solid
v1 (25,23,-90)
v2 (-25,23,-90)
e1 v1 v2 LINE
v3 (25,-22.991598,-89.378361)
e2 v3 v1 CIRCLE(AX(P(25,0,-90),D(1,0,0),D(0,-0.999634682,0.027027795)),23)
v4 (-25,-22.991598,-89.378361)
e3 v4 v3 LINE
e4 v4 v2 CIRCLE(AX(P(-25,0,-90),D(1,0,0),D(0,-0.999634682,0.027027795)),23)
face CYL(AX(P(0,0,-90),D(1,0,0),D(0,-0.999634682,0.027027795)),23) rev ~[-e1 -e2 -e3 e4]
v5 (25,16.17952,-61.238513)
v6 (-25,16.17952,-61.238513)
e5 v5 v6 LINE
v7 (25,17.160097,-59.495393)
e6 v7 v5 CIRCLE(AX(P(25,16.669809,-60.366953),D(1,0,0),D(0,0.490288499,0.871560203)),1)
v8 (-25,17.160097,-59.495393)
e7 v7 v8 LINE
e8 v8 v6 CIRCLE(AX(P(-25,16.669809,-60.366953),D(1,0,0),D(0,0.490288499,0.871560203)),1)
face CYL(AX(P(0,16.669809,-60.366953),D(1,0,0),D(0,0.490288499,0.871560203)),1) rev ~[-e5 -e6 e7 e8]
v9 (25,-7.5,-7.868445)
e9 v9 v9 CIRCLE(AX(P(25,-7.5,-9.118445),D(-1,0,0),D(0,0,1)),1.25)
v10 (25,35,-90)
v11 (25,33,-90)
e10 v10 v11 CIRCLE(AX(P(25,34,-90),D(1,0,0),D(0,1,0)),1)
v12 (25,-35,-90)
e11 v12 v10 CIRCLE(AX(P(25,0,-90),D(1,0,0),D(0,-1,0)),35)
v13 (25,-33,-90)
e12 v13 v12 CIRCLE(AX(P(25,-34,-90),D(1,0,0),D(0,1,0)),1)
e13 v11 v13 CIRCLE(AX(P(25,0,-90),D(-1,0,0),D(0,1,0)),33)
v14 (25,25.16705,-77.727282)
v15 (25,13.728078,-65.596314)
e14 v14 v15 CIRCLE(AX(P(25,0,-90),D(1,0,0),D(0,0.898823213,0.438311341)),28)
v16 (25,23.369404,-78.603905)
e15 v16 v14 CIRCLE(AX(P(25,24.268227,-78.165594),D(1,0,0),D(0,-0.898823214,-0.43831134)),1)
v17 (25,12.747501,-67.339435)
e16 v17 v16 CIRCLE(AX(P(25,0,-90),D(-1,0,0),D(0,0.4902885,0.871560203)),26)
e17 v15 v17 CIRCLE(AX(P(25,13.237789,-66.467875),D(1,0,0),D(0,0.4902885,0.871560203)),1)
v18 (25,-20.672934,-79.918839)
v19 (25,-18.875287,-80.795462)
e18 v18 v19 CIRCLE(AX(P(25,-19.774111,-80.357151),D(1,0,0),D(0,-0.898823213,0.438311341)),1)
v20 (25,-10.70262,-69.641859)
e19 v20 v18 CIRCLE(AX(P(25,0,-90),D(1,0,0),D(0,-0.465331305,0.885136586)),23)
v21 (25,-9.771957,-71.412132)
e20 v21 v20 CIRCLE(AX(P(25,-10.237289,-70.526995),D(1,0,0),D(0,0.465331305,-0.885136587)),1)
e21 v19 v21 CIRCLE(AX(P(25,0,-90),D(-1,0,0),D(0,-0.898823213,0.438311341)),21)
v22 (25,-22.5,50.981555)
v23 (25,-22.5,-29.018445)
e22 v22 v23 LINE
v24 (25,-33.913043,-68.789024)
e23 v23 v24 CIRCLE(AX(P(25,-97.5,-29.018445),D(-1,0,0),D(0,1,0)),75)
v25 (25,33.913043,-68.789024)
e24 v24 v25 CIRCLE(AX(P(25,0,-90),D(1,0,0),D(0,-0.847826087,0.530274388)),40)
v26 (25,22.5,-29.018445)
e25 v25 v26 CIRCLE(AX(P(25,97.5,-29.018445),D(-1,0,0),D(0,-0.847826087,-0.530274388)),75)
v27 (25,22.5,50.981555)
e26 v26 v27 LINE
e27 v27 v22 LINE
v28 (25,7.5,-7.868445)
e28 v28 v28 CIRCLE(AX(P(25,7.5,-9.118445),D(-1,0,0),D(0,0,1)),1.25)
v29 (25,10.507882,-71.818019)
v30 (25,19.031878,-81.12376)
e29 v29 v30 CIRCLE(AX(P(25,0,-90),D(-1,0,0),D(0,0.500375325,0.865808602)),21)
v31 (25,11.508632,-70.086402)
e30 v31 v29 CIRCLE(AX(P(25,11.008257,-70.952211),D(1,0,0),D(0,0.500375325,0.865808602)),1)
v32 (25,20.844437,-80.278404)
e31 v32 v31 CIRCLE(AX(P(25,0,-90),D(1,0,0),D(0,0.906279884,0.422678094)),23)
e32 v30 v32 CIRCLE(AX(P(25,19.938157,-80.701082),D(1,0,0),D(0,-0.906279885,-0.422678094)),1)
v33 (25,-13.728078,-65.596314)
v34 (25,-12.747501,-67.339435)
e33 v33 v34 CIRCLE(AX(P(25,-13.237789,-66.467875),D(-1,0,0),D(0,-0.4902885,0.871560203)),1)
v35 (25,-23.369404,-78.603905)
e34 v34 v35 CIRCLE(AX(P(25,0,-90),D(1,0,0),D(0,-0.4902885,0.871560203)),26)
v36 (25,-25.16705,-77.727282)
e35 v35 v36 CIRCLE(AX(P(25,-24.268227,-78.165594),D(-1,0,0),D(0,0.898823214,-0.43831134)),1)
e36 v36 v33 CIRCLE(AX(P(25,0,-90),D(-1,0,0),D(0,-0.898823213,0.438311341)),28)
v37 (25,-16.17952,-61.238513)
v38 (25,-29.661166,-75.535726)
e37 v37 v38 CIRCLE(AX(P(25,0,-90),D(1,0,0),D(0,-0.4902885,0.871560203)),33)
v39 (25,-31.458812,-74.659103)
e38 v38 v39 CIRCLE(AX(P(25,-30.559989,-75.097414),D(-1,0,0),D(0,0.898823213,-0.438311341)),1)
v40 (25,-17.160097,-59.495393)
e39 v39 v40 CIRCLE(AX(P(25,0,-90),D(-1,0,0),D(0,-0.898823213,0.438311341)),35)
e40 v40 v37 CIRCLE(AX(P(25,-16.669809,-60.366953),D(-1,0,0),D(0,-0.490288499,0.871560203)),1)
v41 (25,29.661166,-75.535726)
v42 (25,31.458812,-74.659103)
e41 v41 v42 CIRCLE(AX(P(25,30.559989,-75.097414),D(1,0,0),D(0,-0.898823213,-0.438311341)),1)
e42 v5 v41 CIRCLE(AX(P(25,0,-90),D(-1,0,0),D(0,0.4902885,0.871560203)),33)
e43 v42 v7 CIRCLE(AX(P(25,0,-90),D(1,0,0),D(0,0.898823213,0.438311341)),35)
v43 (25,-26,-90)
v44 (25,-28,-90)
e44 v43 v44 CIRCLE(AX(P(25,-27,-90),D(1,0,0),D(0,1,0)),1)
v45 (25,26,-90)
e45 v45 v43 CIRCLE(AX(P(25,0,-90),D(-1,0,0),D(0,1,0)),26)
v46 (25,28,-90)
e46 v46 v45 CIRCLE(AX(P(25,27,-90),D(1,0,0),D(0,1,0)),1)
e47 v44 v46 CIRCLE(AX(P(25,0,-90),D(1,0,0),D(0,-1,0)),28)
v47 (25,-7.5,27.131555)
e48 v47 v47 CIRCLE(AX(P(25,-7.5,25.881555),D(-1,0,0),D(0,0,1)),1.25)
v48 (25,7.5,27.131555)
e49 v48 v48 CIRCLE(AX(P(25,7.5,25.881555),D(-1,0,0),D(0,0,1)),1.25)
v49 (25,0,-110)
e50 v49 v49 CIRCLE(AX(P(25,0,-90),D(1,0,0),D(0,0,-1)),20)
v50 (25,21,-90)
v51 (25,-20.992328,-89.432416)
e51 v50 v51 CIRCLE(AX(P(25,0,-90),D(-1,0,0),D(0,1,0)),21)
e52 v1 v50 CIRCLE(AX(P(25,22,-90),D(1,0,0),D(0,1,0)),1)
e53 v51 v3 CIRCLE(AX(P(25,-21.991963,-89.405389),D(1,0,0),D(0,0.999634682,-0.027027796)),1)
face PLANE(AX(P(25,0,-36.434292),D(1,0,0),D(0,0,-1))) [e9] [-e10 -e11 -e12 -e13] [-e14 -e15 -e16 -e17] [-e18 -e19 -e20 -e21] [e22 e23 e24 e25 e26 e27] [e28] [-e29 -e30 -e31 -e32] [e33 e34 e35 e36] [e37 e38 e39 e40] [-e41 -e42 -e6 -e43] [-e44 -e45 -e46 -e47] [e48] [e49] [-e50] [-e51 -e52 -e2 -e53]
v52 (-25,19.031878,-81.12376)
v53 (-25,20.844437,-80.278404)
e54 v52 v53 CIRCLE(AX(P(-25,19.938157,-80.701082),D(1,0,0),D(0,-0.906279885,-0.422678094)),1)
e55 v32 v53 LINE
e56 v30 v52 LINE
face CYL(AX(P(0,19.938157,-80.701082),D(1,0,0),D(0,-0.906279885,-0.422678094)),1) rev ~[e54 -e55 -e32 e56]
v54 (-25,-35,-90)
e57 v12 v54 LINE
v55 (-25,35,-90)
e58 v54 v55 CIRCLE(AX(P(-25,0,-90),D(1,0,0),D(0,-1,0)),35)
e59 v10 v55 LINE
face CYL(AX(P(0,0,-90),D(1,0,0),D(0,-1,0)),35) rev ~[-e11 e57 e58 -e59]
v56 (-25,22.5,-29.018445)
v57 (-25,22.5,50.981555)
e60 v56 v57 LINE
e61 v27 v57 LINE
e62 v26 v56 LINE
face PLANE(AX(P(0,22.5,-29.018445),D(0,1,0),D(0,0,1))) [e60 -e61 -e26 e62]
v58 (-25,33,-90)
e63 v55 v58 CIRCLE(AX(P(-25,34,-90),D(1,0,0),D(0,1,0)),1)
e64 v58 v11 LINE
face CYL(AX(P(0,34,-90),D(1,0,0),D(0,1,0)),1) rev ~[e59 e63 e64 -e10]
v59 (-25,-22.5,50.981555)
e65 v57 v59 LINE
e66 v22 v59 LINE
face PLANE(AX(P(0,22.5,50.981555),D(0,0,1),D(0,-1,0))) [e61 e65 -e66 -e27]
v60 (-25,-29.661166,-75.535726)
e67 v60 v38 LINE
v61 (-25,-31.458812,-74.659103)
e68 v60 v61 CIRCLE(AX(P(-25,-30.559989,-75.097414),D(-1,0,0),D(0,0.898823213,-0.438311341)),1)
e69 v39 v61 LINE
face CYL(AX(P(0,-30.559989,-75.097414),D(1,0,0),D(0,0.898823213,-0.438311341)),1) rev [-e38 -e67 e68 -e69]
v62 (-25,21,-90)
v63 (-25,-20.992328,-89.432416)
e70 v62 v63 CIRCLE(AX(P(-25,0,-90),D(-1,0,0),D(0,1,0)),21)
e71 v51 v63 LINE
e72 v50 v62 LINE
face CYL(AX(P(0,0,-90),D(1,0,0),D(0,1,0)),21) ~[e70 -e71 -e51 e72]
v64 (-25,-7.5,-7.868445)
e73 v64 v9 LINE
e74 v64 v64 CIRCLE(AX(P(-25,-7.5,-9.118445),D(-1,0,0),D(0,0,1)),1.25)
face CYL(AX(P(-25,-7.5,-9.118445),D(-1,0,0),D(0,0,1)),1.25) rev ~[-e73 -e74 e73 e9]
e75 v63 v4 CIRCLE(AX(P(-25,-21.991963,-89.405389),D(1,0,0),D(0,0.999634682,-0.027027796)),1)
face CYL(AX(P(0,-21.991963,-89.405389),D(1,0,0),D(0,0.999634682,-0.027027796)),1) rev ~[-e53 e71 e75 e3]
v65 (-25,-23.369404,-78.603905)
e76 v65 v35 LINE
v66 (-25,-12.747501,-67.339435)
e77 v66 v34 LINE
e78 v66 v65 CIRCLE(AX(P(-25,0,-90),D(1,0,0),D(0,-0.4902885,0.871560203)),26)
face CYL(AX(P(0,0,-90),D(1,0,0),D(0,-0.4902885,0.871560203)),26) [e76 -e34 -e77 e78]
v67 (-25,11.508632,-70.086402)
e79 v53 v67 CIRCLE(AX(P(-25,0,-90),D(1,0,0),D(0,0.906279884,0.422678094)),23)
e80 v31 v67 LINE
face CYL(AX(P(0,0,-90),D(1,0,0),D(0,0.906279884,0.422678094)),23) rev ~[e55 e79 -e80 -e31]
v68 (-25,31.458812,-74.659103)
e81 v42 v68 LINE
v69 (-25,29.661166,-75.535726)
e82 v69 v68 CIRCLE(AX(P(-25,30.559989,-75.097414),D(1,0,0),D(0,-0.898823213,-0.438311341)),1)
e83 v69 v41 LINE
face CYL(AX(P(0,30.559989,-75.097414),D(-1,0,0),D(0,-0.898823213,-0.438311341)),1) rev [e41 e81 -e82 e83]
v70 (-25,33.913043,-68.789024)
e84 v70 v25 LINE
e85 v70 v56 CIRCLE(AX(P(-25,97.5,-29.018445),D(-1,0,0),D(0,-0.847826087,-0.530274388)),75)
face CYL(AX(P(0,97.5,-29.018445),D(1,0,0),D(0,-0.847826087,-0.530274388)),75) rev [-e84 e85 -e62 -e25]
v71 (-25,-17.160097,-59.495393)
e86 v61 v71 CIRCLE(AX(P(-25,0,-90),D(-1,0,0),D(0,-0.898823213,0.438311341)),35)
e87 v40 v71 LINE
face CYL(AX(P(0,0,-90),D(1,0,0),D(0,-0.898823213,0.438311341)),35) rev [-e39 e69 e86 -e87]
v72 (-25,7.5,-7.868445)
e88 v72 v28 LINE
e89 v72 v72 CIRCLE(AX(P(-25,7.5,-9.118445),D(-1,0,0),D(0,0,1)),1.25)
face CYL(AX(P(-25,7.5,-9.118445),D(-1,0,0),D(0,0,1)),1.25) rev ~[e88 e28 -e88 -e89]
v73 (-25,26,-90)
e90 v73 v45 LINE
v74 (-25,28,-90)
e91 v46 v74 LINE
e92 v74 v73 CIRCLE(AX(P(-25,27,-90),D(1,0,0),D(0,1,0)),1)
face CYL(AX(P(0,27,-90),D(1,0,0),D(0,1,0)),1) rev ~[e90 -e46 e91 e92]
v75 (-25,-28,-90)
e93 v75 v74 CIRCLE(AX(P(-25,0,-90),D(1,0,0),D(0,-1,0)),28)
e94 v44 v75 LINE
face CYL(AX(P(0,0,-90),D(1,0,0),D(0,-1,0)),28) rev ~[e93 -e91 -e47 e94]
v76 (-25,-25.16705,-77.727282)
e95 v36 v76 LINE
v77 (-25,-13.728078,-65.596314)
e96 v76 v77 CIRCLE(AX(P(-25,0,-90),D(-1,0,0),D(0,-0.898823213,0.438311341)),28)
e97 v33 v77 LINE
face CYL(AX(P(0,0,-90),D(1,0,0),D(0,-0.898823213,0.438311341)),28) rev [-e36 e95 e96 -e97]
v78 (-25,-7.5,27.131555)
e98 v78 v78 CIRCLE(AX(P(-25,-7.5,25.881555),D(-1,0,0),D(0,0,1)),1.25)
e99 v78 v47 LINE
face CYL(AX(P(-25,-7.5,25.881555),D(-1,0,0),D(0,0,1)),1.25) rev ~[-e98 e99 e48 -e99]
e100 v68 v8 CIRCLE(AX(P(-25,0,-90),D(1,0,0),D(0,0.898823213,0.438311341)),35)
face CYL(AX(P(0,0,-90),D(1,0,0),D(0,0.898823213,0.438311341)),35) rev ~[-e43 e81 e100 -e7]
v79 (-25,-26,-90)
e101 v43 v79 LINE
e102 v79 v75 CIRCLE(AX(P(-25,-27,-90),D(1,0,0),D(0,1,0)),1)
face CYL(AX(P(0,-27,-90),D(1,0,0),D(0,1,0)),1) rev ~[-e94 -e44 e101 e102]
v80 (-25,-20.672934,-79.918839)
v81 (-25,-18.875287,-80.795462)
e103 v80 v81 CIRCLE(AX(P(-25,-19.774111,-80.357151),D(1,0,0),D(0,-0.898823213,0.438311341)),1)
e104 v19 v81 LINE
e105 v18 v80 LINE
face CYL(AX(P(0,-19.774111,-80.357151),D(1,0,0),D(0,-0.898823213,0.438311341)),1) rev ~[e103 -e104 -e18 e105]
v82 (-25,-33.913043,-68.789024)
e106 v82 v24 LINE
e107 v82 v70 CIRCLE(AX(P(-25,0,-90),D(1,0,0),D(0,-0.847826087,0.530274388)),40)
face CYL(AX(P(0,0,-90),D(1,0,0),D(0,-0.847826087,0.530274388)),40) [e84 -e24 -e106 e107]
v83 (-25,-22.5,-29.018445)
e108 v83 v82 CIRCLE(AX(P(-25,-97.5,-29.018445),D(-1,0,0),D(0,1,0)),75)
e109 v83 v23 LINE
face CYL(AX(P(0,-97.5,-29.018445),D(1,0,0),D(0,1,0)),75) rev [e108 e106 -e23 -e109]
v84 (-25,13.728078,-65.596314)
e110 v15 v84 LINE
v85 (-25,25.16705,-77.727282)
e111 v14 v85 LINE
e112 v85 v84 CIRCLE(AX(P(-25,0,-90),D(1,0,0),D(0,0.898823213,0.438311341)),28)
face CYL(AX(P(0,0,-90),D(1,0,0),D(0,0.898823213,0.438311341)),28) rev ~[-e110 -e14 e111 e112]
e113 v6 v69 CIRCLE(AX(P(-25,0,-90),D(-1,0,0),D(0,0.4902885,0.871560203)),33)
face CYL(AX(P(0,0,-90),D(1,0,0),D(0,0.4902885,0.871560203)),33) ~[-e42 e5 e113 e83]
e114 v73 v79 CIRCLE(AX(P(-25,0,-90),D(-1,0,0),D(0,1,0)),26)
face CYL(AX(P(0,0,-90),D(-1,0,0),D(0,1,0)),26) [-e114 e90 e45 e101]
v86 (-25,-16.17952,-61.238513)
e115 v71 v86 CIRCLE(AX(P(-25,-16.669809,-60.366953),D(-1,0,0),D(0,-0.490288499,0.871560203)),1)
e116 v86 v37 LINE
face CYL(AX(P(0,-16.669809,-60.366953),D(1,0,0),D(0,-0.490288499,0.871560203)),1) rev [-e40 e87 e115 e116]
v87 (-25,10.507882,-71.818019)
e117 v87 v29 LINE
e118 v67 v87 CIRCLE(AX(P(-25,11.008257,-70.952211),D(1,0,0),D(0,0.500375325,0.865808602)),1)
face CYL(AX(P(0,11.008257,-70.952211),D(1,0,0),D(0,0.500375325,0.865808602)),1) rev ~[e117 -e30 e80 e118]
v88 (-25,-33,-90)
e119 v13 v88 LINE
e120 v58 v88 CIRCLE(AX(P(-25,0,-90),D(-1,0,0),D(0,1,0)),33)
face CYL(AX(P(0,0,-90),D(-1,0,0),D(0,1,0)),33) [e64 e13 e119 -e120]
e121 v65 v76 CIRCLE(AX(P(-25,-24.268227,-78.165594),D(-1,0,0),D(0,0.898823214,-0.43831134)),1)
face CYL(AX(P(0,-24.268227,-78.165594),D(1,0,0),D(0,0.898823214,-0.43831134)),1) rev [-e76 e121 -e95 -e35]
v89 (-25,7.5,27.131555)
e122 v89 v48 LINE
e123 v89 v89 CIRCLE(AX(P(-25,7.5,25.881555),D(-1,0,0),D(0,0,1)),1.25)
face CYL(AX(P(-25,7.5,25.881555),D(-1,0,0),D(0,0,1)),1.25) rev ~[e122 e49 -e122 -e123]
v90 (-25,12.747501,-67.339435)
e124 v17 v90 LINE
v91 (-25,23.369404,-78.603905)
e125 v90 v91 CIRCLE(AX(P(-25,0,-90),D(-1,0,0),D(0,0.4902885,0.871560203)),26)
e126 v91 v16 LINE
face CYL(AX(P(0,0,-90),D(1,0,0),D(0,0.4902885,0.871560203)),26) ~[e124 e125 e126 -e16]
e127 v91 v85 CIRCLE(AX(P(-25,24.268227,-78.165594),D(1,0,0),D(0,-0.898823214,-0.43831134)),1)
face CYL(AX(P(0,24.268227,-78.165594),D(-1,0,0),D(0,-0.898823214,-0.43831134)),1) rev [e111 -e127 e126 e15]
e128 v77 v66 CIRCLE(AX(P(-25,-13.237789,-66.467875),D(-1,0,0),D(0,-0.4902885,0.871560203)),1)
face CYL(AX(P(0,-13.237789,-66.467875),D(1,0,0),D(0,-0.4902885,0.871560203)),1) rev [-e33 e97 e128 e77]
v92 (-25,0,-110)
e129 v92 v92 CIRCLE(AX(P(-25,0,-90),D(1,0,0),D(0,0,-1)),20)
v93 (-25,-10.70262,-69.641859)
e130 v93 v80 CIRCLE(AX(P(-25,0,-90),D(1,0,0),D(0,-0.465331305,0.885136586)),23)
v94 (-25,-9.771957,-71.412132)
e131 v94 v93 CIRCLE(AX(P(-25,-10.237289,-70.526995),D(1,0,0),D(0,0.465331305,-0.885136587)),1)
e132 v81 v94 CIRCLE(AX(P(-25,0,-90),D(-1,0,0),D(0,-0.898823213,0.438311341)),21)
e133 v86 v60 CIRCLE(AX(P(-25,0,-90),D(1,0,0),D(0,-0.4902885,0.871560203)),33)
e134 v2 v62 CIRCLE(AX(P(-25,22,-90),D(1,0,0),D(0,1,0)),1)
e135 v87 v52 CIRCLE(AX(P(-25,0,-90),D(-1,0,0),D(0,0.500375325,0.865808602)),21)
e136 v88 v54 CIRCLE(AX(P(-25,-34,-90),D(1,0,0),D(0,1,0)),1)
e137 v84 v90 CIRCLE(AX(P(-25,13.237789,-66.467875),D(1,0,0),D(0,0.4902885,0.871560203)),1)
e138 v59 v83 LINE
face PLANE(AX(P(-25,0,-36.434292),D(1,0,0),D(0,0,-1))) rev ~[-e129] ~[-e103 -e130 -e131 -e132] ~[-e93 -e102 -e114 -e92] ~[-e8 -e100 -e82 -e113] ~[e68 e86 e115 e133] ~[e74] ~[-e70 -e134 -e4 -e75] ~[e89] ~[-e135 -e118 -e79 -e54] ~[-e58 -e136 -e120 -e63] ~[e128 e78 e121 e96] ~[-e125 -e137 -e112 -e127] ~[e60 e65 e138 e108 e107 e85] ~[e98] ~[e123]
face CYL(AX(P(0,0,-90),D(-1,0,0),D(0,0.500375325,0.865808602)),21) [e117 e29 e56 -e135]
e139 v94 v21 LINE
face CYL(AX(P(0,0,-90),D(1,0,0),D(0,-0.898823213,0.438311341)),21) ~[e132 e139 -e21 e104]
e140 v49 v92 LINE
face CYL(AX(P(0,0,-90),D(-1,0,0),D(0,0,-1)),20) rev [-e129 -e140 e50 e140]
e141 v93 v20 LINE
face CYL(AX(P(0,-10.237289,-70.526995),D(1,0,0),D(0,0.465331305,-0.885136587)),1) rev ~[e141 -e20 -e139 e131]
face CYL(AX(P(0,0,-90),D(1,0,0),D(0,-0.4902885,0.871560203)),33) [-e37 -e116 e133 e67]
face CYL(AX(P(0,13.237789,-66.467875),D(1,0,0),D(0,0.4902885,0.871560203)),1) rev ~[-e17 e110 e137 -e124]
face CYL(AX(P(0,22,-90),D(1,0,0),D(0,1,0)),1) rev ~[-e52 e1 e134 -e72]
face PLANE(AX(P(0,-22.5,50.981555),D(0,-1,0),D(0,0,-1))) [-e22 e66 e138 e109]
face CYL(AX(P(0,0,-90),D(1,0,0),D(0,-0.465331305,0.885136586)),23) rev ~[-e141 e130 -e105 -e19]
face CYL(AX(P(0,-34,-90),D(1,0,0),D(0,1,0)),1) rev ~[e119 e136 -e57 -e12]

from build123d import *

# Parameters (mm, degrees)
ESBO_O2_R                = 20
RESSALTO_EXTRUS_O1_DEPTH = 25
ESBO_O3_R                = 1.25
CORTE_EXTRUS_O1_DEPTH    = 145.913767462


with BuildPart() as part:
    # Esboço2 → Ressalto-extrusão1 (new, symmetric)
    with BuildSketch(Plane(origin=(0, 0, 0), x_dir=(0, 0, -1), z_dir=(1, 0, 0))):
        with BuildLine():
            Line((-50.981554588, -22.5), (29.018445412, -22.5))
            ThreePointArc((29.018445412, -22.5), (49.706343576, -25.409703361), (68.789024491, -33.913043478))
            ThreePointArc((68.789024491, -33.913043478), (130, 0), (68.789024491, 33.913043478))
            ThreePointArc((68.789024491, 33.913043478), (49.706343576, 25.409703361), (29.018445412, 22.5))
            Line((29.018445412, 22.5), (-50.981554588, 22.5))
            Line((-50.981554588, 22.5), (-50.981554588, -22.5))
        make_face()
        with Locations((90, 0)):
            Circle(ESBO_O2_R, mode=Mode.SUBTRACT)
        with BuildLine():
            ThreePointArc((67.339434728, -12.747500993), (72.162673174, -18.916388971), (78.603905138, -23.369403542))
            ThreePointArc((78.603905138, -23.369403542), (79.064417011, -24.706538096), (77.727282457, -25.167049968))
            ThreePointArc((77.727282457, -25.167049968), (70.79057111, -20.371495815), (65.596314323, -13.728077992))
            ThreePointArc((65.596314323, -13.728077992), (65.977586026, -12.36622929), (67.339434728, -12.747500993))
        make_face(mode=Mode.SUBTRACT)
        with BuildLine():
            ThreePointArc((61.238513309, -16.179520491), (67.360315951, -24.009262924), (75.535725753, -29.661166034))
            ThreePointArc((75.535725753, -29.661166034), (75.996237625, -30.998300588), (74.659103071, -31.45881246))
            ThreePointArc((74.659103071, -31.45881246), (65.988213888, -25.464369768), (59.495392903, -17.16009749))
            ThreePointArc((59.495392903, -17.16009749), (59.876664606, -15.798248788), (61.238513309, -16.179520491))
        make_face(mode=Mode.SUBTRACT)
        with BuildLine():
            ThreePointArc((59.495392903, 17.16009749), (59.876664606, 15.798248788), (61.238513309, 16.179520491))
            ThreePointArc((61.238513309, 16.179520491), (67.360315951, 24.009262924), (75.535725753, 29.661166034))
            ThreePointArc((75.535725753, 29.661166034), (75.996237625, 30.998300588), (74.659103071, 31.45881246))
            ThreePointArc((74.659103071, 31.45881246), (65.988213888, 25.464369768), (59.495392903, 17.16009749))
        make_face(mode=Mode.SUBTRACT)
        with BuildLine():
            ThreePointArc((65.596314323, 13.728077992), (65.977586026, 12.36622929), (67.339434728, 12.747500993))
            ThreePointArc((67.339434728, 12.747500993), (72.162673174, 18.916388971), (78.603905138, 23.369403542))
            ThreePointArc((78.603905138, 23.369403542), (79.064417011, 24.706538096), (77.727282457, 25.167049968))
            ThreePointArc((77.727282457, 25.167049968), (70.79057111, 20.371495815), (65.596314323, 13.728077992))
        make_face(mode=Mode.SUBTRACT)
        with BuildLine():
            ThreePointArc((90, -35), (125, 0), (90, 35))
            ThreePointArc((90, 35), (89, 34), (90, 33))
            ThreePointArc((90, 33), (123, 0), (90, -33))
            ThreePointArc((90, -33), (89, -34), (90, -35))
        make_face(mode=Mode.SUBTRACT)
        with BuildLine():
            ThreePointArc((90, -28), (118, 0), (90, 28))
            ThreePointArc((90, 28), (89, 27), (90, 26))
            ThreePointArc((90, 26), (116, 0), (90, -26))
            ThreePointArc((90, -26), (89, -27), (90, -28))
        make_face(mode=Mode.SUBTRACT)
        with BuildLine():
            ThreePointArc((80.278403844, 20.844437344), (74.464540757, 16.960233079), (70.086402165, 11.508632467))
            ThreePointArc((70.086402165, 11.508632467), (70.451835442, 10.142448541), (71.818019368, 10.507881818))
            ThreePointArc((71.818019368, 10.507881818), (75.815450256, 15.485430203), (81.123760031, 19.031877575))
            ThreePointArc((81.123760031, 19.031877575), (81.607361822, 20.360835553), (80.278403844, 20.844437344))
        make_face(mode=Mode.SUBTRACT)
        with BuildLine():
            ThreePointArc((69.641858511, -10.702620013), (73.984708204, -16.507889892), (79.918839161, -20.672933902))
            ThreePointArc((79.918839161, -20.672933902), (81.255973715, -20.21242203), (80.795461843, -18.875287476))
            ThreePointArc((80.795461843, -18.875287476), (75.377342273, -15.072421206), (71.412131684, -9.771957403))
            ThreePointArc((71.412131684, -9.771957403), (70.061663793, -9.352152121), (69.641858511, -10.702620013))
        make_face(mode=Mode.SUBTRACT)
        with BuildLine():
            ThreePointArc((89.378360714, -22.991597696), (112.997899328, -0.310848034), (90, 23))
            ThreePointArc((90, 23), (89, 22), (90, 21))
            ThreePointArc((90, 21), (110.998081995, -0.28381777), (89.432416304, -20.992328331))
            ThreePointArc((89.432416304, -20.992328331), (88.405753826, -21.964935218), (89.378360714, -22.991597696))
        make_face(mode=Mode.SUBTRACT)
    extrude(amount=RESSALTO_EXTRUS_O1_DEPTH, both=True)

    # Esboço3 → Corte-extrusão1 (cut, through all)
    with BuildSketch(Plane.ZY.offset(25)):
        with Locations((25.881554588, 7.5)):
            Circle(ESBO_O3_R)
        with Locations((-9.118445412, 7.5)):
            Circle(ESBO_O3_R)
        with Locations((-9.118445412, -7.5)):
            Circle(ESBO_O3_R)
        with Locations((25.881554588, -7.5)):
            Circle(ESBO_O3_R)
    extrude(amount=-CORTE_EXTRUS_O1_DEPTH, mode=Mode.SUBTRACT)


solid = part.part
